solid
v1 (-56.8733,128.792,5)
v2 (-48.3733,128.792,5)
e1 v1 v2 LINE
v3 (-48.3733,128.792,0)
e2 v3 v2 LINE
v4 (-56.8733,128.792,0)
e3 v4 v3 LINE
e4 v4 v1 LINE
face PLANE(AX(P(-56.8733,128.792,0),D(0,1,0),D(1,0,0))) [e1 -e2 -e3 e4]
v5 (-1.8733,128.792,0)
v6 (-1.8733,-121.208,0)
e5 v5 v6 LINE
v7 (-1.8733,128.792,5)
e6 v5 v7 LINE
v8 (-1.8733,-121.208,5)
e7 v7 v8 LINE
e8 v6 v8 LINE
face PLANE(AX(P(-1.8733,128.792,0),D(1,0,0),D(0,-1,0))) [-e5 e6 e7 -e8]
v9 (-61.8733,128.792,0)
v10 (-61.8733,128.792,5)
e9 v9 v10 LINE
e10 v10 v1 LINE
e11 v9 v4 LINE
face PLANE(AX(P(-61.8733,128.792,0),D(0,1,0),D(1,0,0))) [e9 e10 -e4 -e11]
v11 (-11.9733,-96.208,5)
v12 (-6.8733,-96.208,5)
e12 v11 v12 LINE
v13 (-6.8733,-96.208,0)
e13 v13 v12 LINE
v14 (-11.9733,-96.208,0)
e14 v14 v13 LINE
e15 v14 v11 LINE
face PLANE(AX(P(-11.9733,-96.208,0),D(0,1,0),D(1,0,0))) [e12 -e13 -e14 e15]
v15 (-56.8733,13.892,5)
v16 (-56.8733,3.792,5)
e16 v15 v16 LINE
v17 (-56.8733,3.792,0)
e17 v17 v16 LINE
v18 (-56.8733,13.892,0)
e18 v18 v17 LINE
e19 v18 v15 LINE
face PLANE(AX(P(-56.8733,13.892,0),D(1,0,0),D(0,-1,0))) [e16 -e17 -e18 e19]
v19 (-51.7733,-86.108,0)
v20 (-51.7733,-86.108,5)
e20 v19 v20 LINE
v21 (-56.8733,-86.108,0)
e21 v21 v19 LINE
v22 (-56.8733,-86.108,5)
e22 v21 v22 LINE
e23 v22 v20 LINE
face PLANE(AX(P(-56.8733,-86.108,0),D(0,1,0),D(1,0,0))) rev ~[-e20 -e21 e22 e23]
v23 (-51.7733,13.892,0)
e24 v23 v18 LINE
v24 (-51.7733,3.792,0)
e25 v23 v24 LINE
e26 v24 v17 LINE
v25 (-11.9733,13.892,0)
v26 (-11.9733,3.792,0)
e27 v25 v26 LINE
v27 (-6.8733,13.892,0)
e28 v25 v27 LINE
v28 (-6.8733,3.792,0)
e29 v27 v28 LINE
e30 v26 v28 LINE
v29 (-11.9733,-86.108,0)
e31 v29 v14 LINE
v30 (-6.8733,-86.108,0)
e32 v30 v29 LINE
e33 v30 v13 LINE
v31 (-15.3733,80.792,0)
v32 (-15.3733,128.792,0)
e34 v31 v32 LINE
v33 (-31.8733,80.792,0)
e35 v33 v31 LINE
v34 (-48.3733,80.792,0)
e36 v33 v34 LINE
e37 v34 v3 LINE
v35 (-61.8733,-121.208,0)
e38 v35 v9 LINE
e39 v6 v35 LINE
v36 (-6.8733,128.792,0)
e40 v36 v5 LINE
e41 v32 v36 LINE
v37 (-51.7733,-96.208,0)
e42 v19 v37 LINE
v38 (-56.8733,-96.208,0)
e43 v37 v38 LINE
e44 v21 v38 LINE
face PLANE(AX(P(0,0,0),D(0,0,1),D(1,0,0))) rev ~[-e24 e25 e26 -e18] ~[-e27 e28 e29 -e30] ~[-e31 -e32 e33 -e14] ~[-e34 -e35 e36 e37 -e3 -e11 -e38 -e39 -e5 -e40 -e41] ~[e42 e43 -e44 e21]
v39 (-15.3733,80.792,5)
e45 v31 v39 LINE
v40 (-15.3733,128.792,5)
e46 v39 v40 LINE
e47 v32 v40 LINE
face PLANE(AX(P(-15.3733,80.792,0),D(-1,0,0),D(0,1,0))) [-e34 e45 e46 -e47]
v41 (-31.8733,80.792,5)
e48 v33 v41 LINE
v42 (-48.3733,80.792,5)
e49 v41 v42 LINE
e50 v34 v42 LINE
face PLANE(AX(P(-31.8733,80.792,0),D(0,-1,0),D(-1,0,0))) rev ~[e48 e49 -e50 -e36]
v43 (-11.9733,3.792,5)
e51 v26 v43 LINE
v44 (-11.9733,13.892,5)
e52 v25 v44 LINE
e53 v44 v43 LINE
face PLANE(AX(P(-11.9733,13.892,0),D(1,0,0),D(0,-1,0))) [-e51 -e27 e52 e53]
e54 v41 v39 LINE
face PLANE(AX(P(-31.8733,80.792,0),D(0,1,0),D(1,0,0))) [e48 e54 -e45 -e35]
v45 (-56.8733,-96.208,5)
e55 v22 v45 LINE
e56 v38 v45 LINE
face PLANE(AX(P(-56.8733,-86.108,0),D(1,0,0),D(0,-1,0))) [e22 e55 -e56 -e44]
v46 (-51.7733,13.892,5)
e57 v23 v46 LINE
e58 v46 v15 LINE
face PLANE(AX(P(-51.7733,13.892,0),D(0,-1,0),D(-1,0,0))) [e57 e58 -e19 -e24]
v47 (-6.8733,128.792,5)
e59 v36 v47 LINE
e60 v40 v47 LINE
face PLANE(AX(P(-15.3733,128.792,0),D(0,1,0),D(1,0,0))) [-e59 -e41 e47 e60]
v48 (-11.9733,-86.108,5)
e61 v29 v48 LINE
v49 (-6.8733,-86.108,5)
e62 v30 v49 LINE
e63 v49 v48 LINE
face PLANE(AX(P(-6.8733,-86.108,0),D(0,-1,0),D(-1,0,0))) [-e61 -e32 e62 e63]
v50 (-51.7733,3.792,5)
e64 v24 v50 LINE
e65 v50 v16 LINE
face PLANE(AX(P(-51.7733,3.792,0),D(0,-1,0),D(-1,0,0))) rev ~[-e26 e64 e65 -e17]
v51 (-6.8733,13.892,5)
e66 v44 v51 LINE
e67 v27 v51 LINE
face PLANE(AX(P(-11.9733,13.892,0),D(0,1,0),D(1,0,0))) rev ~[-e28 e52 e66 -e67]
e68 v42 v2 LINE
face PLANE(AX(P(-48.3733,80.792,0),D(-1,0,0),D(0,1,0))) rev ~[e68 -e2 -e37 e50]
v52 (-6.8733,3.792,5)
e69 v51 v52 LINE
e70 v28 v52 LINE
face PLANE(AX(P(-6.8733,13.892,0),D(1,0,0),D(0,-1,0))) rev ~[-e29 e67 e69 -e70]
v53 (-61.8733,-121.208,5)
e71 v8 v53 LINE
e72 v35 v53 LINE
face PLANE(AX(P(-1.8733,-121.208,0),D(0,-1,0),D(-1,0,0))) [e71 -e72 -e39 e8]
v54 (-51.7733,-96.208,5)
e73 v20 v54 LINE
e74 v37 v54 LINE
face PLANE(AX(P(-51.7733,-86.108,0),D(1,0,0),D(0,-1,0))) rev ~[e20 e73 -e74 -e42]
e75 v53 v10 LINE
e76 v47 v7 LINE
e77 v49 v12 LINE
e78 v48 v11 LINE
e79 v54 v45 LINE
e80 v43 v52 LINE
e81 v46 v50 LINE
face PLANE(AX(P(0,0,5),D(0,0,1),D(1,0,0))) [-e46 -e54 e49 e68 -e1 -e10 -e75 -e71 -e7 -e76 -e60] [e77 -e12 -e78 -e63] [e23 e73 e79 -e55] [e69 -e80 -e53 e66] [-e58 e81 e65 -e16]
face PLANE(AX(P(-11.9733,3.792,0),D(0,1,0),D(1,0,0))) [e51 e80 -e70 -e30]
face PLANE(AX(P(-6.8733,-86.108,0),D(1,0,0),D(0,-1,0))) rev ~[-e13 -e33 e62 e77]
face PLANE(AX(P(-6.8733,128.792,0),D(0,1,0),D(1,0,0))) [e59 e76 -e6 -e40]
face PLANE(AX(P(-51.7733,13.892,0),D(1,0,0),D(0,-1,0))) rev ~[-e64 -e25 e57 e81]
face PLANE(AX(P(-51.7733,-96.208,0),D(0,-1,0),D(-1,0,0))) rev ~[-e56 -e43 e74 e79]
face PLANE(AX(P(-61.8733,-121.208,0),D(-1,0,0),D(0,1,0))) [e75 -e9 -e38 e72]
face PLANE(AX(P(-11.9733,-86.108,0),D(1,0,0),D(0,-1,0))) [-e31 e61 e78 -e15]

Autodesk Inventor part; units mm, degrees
ref_plane "YZ Plane" through (0, 0, 0) normal (1, 0, 0) x (0, 1, 0)
ref_plane "XZ Plane" through (0, 0, 0) normal (0, 1, 0) x (-1, 0, 0)
ref_plane "XY Plane" through (0, 0, 0) normal (0, 0, 1) x (1, 0, 0)
sketch "Sketch1" plane through (0, 0, 0) normal (0, 0, 1) x (1, 0, 0)
  line L0 (-61.8733, -121.208) -> (-61.8733, 128.792)
  line L1 (-61.8733, 128.792) -> (-1.8733, 128.792)
  line L2 (-1.8733, 128.792) -> (-1.8733, -121.208)
  line L3 (-1.8733, -121.208) -> (-61.8733, -121.208)
  line L4 (-66.8733, 113.892) -> (-51.7733, 113.892) construction
  line L5 (-66.8733, 103.792) -> (-1.8733, 103.792) construction
  line L6 (-56.8733, -86.108) -> (-51.7733, -86.108)
  line L7 (-51.7733, -96.208) -> (-56.8733, -96.208)
  line L8 (-51.7733, 13.892) -> (-56.8733, 13.892)
  line L9 (-51.7733, 3.792) -> (-56.8733, 3.792)
  line L10 (-51.7733, 3.792) -> (-51.7733, -86.108) construction
  line L11 (-56.8733, 3.792) -> (-56.8733, -86.108) construction
  line L12 (-51.7733, 13.892) -> (-51.7733, 3.792)
  line L13 (-56.8733, 13.892) -> (-56.8733, 3.792)
  line L14 (-51.7733, 103.792) -> (-51.7733, 13.892) construction
  line L15 (-56.8733, 103.792) -> (-56.8733, 80.792) construction
  line L16 (-51.7733, -86.108) -> (-51.7733, -96.208)
  line L17 (-56.8733, -86.108) -> (-56.8733, -96.208)
  line L18 (-31.8733, 128.792) -> (-31.8733, -121.208) construction
  line L19 (3.1267, 103.792) -> (-61.8733, 103.792) construction
  line L20 (3.1267, 113.892) -> (-61.8733, 113.892) construction
  line L21 (-11.9733, 13.892) -> (-6.8733, 13.892)
  line L22 (-11.9733, 3.792) -> (-6.8733, 3.792)
  line L23 (-11.9733, 13.892) -> (-11.9733, 3.792)
  line L24 (-6.8733, 13.892) -> (-6.8733, 3.792)
  line L25 (-6.8733, -86.108) -> (-6.8733, -96.208)
  line L26 (-6.8733, -86.108) -> (-11.9733, -86.108)
  line L27 (-11.9733, -86.108) -> (-11.9733, -96.208)
  line L28 (-11.9733, -96.208) -> (-6.8733, -96.208)
  line L29 (-1.8733, 128.792) -> (-6.8733, 128.792)
  line L30 (-51.7733, 113.892) -> (-1.8733, 113.892) construction
  line L31 (-61.8733, 128.792) -> (-56.8733, 128.792)
  line L32 (-31.8733, 80.792) -> (-48.3733, 80.792)
  line L33 (-48.3733, 80.792) -> (-48.3733, 128.792)
  line L34 (-31.8733, 80.792) -> (-15.3733, 80.792)
  line L35 (-15.3733, 80.792) -> (-15.3733, 128.792)
  point P0 (0, 0)
  point P1 (-56.8733, 92.292)
  dimension "d6" = 60
  dimension "d7" = 5
  dimension "d11" = 48
  dimension "d12" = 39.8
  dimension "d16" = 25
  dimension "d17" = 16.5
  dimension "d18" = 16.5
extrude "Extrusion1" add sketch "Sketch1" along normal blind 5 contours L0 L1 L33 L32 L34 L35 L2 L3
properties part number "Lifting Sections left"
